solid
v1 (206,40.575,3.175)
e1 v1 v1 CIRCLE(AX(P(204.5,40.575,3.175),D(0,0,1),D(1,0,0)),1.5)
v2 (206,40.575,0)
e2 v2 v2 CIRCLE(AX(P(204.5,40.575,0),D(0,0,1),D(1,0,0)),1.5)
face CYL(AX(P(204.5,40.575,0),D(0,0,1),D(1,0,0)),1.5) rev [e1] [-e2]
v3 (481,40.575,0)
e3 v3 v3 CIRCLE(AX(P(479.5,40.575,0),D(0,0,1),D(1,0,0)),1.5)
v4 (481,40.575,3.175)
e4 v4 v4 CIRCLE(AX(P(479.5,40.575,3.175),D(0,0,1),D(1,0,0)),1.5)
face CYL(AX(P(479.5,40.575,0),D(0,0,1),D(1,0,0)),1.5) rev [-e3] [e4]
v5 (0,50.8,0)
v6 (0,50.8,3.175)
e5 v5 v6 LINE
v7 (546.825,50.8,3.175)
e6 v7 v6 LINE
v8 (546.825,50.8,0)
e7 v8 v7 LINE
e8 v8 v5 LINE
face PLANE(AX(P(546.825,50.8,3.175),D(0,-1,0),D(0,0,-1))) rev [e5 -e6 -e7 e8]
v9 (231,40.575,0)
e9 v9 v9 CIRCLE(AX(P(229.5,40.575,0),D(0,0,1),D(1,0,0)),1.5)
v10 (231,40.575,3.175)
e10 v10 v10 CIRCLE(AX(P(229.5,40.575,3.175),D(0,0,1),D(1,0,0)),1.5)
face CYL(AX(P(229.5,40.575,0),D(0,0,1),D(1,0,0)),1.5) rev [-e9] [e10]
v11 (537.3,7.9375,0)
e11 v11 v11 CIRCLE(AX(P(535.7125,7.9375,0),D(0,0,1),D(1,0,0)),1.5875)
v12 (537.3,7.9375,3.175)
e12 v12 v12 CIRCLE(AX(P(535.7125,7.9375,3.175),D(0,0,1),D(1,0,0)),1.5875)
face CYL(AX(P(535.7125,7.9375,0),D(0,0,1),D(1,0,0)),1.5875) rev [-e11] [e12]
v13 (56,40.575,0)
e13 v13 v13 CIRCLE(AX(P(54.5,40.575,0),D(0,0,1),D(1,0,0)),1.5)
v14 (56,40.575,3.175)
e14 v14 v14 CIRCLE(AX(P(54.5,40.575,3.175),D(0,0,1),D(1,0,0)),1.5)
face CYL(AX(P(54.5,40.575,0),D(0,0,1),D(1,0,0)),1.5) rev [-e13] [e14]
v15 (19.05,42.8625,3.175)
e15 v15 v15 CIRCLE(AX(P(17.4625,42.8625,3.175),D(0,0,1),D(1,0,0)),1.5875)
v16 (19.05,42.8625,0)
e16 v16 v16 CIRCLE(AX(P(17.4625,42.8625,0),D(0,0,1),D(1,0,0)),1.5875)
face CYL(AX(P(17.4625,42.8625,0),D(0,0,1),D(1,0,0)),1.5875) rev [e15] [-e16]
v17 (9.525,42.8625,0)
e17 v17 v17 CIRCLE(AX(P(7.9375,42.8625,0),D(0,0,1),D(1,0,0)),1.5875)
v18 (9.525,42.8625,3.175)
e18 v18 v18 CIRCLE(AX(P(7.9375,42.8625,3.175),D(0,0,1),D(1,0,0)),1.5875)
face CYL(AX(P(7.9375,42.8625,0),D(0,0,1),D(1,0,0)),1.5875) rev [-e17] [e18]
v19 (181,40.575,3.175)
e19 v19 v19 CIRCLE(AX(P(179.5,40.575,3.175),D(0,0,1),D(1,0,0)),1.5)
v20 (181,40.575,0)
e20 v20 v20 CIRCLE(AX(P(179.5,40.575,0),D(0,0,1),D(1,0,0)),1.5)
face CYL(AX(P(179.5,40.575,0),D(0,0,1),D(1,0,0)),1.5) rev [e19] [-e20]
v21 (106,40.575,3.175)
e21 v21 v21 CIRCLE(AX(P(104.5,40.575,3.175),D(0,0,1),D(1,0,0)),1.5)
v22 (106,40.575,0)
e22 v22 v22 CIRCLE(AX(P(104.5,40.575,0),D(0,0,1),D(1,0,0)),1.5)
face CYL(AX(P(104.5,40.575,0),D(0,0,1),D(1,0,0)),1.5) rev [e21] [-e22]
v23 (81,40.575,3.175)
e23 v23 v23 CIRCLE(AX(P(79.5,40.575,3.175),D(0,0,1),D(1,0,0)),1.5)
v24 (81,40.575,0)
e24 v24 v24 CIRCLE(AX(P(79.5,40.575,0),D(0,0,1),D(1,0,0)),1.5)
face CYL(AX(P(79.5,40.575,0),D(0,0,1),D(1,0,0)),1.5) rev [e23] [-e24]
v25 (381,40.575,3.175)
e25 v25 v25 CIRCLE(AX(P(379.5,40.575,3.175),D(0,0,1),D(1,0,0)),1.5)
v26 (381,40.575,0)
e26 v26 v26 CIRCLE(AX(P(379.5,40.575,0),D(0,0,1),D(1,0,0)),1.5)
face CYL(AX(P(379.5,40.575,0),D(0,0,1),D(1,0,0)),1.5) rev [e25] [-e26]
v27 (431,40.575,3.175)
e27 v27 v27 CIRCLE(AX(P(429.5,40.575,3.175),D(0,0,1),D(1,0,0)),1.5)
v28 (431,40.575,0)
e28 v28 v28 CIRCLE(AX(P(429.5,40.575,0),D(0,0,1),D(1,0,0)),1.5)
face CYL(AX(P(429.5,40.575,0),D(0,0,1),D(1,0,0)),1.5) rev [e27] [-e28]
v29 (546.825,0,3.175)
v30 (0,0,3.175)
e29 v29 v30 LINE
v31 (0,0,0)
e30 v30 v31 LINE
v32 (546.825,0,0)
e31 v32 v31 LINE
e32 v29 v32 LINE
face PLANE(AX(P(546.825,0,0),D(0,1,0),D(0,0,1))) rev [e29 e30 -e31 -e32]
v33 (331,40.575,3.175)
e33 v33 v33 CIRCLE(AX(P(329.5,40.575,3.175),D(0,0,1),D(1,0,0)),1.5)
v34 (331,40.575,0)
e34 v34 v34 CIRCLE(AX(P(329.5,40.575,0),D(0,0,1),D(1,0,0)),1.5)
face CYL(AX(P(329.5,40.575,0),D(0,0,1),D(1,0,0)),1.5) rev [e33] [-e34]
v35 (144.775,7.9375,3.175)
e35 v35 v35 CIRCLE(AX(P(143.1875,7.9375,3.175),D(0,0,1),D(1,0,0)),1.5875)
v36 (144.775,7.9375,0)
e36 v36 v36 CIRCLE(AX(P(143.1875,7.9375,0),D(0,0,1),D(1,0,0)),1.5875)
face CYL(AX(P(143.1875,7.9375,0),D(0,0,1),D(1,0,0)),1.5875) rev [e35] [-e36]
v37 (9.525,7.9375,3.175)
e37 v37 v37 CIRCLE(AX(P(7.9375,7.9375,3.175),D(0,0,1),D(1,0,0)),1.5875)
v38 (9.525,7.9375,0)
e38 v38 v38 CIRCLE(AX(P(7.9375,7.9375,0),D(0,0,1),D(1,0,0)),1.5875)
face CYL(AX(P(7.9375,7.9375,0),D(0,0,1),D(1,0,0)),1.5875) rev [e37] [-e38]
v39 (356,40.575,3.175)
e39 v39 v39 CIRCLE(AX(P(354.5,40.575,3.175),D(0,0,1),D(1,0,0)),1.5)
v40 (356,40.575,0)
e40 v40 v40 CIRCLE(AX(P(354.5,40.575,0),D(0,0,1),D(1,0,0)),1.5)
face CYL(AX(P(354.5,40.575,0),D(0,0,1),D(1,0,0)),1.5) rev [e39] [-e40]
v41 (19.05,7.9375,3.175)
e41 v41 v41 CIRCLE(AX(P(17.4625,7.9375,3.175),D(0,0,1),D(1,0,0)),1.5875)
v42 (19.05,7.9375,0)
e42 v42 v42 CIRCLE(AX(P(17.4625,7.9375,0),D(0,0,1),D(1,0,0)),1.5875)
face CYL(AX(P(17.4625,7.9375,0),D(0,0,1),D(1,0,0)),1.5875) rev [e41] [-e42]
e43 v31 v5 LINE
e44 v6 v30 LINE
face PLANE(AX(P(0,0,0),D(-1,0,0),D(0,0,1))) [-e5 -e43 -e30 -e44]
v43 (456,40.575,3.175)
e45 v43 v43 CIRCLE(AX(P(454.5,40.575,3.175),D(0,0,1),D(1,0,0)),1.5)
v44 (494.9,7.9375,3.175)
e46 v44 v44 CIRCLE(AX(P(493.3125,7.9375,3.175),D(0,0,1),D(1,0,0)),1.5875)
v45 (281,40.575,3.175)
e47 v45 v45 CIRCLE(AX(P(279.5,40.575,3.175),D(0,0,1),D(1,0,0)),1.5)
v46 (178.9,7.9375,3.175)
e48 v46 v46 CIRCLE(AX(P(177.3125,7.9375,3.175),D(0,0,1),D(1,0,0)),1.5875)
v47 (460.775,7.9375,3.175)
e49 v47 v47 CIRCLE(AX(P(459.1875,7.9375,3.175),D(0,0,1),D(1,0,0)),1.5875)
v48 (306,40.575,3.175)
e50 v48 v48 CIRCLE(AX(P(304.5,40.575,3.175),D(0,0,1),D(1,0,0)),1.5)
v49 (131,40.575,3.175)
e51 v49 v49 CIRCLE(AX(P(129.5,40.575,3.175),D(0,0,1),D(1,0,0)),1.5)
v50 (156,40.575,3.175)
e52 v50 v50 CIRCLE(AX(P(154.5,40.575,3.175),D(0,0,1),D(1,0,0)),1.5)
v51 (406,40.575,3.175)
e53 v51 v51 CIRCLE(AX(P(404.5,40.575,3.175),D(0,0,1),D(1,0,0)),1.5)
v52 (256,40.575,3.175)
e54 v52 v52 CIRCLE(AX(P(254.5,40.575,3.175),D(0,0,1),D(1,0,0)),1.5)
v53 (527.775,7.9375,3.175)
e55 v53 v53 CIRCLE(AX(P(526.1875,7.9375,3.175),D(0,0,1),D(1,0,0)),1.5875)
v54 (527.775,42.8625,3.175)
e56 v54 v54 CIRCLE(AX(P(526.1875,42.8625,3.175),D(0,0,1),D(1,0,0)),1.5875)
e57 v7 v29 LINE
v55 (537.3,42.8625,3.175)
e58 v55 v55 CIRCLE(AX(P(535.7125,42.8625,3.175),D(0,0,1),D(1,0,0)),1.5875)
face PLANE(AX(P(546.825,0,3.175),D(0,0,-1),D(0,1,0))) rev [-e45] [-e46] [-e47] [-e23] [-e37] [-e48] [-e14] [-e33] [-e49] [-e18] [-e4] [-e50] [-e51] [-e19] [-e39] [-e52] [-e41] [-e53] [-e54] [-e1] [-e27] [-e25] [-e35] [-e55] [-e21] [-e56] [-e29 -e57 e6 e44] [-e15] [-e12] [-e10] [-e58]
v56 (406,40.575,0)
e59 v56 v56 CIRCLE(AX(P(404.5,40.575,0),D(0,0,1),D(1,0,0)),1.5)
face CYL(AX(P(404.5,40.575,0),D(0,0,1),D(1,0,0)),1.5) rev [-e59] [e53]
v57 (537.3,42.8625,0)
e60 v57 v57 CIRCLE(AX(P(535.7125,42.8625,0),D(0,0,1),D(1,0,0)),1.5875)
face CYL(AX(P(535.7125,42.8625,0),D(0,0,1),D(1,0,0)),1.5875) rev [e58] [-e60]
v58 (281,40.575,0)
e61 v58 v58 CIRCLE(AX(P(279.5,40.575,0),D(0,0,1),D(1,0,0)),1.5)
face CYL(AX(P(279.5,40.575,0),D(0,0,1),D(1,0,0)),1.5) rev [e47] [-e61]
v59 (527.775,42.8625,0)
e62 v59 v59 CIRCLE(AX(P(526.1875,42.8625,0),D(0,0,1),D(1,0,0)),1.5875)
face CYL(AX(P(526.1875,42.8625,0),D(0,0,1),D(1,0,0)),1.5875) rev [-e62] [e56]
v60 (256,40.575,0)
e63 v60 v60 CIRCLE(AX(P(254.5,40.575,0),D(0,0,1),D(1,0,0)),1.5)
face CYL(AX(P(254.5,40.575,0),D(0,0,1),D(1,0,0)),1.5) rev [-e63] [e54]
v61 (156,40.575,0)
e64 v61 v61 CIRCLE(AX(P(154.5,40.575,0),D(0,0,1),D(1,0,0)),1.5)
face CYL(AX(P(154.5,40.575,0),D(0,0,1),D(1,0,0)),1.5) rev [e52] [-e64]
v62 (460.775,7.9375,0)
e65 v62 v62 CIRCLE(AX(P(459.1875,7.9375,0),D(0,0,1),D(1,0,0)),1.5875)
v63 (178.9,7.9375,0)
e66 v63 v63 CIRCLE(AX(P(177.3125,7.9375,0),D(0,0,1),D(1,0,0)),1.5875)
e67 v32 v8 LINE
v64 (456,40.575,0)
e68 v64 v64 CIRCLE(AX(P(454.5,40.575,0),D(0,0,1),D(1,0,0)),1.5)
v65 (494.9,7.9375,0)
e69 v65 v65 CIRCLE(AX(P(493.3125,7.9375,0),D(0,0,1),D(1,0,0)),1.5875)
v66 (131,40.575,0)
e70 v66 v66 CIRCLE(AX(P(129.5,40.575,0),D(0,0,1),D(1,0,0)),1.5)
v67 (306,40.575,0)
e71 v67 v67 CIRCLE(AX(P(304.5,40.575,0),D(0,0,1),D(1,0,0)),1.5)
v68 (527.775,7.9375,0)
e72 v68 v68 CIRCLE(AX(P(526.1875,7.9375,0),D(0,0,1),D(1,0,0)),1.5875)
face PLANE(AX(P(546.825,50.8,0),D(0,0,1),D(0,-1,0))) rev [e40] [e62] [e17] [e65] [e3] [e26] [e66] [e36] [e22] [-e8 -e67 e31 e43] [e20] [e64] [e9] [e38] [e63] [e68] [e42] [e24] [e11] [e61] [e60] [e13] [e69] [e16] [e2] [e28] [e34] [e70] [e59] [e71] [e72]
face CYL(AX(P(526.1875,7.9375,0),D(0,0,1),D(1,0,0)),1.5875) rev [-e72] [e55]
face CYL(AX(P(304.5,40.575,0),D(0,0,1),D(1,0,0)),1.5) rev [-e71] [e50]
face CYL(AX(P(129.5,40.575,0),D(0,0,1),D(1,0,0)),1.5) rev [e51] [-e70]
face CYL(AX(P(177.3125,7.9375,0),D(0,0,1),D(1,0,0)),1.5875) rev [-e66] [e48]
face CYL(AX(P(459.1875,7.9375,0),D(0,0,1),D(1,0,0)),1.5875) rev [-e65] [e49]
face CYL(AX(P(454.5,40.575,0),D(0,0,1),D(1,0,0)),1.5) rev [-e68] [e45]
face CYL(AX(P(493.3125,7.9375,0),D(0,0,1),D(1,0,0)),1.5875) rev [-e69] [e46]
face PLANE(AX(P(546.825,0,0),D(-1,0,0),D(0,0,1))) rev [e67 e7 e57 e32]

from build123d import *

# Parameters (mm, degrees)
SKETCH1_W                    = 3.175
SKETCH1_H                    = 50.8
BOSS_EXTRUDE1_DEPTH          = 546.825
SIDEHOLES_SKETCH4_R          = 1.5875
SIDEHOLES_SKETCH4_R_2        = 1.5
SIDEHOLES_CUT_EXTRUDE3_DEPTH = 550.1887665


with BuildPart() as part:
    # Sketch1 → Boss-Extrude1 (new body)
    with BuildSketch(Plane(origin=(0, 0, 0), x_dir=(0, 0, -1), z_dir=(1, 0, 0))):
        with Locations((-1.5875, 25.4)):
            Rectangle(SKETCH1_W, SKETCH1_H)
    extrude(amount=BOSS_EXTRUDE1_DEPTH)

    # SideHoles-Sketch4 → SideHoles-Cut-Extrude3 (cut, through all)
    with BuildSketch(Plane.XY.offset(3.175)):
        with Locations((7.9375, 42.8625)):
            Circle(SIDEHOLES_SKETCH4_R)
        with Locations((526.1875, 42.8625)):
            Circle(SIDEHOLES_SKETCH4_R)
        with Locations((17.4625, 42.8625)):
            Circle(SIDEHOLES_SKETCH4_R)
        with Locations((535.7125, 42.8625)):
            Circle(SIDEHOLES_SKETCH4_R)
        with Locations((7.9375, 7.9375)):
            Circle(SIDEHOLES_SKETCH4_R)
        with Locations((17.4625, 7.9375)):
            Circle(SIDEHOLES_SKETCH4_R)
        with Locations((526.1875, 7.9375)):
            Circle(SIDEHOLES_SKETCH4_R)
        with Locations((535.7125, 7.9375)):
            Circle(SIDEHOLES_SKETCH4_R)
        with Locations((54.5, 40.575)):
            Circle(SIDEHOLES_SKETCH4_R_2)
        with Locations((79.5, 40.575)):
            Circle(SIDEHOLES_SKETCH4_R_2)
        with Locations((104.5, 40.575)):
            Circle(SIDEHOLES_SKETCH4_R_2)
        with Locations((129.5, 40.575)):
            Circle(SIDEHOLES_SKETCH4_R_2)
        with Locations((154.5, 40.575)):
            Circle(SIDEHOLES_SKETCH4_R_2)
        with Locations((179.5, 40.575)):
            Circle(SIDEHOLES_SKETCH4_R_2)
        with Locations((204.5, 40.575)):
            Circle(SIDEHOLES_SKETCH4_R_2)
        with Locations((229.5, 40.575)):
            Circle(SIDEHOLES_SKETCH4_R_2)
        with Locations((254.5, 40.575)):
            Circle(SIDEHOLES_SKETCH4_R_2)
        with Locations((279.5, 40.575)):
            Circle(SIDEHOLES_SKETCH4_R_2)
        with Locations((304.5, 40.575)):
            Circle(SIDEHOLES_SKETCH4_R_2)
        with Locations((329.5, 40.575)):
            Circle(SIDEHOLES_SKETCH4_R_2)
        with Locations((354.5, 40.575)):
            Circle(SIDEHOLES_SKETCH4_R_2)
        with Locations((379.5, 40.575)):
            Circle(SIDEHOLES_SKETCH4_R_2)
        with Locations((493.3125, 7.9375)):
            Circle(SIDEHOLES_SKETCH4_R)
        with Locations((177.3125, 7.9375)):
            Circle(SIDEHOLES_SKETCH4_R)
        with Locations((404.5, 40.575)):
            Circle(SIDEHOLES_SKETCH4_R_2)
        with Locations((429.5, 40.575)):
            Circle(SIDEHOLES_SKETCH4_R_2)
        with Locations((454.5, 40.575)):
            Circle(SIDEHOLES_SKETCH4_R_2)
        with Locations((479.5, 40.575)):
            Circle(SIDEHOLES_SKETCH4_R_2)
        with Locations((143.1875, 7.9375)):
            Circle(SIDEHOLES_SKETCH4_R)
        with Locations((459.1875, 7.9375)):
            Circle(SIDEHOLES_SKETCH4_R)
    extrude(amount=-SIDEHOLES_CUT_EXTRUDE3_DEPTH, mode=Mode.SUBTRACT)


solid = part.part
